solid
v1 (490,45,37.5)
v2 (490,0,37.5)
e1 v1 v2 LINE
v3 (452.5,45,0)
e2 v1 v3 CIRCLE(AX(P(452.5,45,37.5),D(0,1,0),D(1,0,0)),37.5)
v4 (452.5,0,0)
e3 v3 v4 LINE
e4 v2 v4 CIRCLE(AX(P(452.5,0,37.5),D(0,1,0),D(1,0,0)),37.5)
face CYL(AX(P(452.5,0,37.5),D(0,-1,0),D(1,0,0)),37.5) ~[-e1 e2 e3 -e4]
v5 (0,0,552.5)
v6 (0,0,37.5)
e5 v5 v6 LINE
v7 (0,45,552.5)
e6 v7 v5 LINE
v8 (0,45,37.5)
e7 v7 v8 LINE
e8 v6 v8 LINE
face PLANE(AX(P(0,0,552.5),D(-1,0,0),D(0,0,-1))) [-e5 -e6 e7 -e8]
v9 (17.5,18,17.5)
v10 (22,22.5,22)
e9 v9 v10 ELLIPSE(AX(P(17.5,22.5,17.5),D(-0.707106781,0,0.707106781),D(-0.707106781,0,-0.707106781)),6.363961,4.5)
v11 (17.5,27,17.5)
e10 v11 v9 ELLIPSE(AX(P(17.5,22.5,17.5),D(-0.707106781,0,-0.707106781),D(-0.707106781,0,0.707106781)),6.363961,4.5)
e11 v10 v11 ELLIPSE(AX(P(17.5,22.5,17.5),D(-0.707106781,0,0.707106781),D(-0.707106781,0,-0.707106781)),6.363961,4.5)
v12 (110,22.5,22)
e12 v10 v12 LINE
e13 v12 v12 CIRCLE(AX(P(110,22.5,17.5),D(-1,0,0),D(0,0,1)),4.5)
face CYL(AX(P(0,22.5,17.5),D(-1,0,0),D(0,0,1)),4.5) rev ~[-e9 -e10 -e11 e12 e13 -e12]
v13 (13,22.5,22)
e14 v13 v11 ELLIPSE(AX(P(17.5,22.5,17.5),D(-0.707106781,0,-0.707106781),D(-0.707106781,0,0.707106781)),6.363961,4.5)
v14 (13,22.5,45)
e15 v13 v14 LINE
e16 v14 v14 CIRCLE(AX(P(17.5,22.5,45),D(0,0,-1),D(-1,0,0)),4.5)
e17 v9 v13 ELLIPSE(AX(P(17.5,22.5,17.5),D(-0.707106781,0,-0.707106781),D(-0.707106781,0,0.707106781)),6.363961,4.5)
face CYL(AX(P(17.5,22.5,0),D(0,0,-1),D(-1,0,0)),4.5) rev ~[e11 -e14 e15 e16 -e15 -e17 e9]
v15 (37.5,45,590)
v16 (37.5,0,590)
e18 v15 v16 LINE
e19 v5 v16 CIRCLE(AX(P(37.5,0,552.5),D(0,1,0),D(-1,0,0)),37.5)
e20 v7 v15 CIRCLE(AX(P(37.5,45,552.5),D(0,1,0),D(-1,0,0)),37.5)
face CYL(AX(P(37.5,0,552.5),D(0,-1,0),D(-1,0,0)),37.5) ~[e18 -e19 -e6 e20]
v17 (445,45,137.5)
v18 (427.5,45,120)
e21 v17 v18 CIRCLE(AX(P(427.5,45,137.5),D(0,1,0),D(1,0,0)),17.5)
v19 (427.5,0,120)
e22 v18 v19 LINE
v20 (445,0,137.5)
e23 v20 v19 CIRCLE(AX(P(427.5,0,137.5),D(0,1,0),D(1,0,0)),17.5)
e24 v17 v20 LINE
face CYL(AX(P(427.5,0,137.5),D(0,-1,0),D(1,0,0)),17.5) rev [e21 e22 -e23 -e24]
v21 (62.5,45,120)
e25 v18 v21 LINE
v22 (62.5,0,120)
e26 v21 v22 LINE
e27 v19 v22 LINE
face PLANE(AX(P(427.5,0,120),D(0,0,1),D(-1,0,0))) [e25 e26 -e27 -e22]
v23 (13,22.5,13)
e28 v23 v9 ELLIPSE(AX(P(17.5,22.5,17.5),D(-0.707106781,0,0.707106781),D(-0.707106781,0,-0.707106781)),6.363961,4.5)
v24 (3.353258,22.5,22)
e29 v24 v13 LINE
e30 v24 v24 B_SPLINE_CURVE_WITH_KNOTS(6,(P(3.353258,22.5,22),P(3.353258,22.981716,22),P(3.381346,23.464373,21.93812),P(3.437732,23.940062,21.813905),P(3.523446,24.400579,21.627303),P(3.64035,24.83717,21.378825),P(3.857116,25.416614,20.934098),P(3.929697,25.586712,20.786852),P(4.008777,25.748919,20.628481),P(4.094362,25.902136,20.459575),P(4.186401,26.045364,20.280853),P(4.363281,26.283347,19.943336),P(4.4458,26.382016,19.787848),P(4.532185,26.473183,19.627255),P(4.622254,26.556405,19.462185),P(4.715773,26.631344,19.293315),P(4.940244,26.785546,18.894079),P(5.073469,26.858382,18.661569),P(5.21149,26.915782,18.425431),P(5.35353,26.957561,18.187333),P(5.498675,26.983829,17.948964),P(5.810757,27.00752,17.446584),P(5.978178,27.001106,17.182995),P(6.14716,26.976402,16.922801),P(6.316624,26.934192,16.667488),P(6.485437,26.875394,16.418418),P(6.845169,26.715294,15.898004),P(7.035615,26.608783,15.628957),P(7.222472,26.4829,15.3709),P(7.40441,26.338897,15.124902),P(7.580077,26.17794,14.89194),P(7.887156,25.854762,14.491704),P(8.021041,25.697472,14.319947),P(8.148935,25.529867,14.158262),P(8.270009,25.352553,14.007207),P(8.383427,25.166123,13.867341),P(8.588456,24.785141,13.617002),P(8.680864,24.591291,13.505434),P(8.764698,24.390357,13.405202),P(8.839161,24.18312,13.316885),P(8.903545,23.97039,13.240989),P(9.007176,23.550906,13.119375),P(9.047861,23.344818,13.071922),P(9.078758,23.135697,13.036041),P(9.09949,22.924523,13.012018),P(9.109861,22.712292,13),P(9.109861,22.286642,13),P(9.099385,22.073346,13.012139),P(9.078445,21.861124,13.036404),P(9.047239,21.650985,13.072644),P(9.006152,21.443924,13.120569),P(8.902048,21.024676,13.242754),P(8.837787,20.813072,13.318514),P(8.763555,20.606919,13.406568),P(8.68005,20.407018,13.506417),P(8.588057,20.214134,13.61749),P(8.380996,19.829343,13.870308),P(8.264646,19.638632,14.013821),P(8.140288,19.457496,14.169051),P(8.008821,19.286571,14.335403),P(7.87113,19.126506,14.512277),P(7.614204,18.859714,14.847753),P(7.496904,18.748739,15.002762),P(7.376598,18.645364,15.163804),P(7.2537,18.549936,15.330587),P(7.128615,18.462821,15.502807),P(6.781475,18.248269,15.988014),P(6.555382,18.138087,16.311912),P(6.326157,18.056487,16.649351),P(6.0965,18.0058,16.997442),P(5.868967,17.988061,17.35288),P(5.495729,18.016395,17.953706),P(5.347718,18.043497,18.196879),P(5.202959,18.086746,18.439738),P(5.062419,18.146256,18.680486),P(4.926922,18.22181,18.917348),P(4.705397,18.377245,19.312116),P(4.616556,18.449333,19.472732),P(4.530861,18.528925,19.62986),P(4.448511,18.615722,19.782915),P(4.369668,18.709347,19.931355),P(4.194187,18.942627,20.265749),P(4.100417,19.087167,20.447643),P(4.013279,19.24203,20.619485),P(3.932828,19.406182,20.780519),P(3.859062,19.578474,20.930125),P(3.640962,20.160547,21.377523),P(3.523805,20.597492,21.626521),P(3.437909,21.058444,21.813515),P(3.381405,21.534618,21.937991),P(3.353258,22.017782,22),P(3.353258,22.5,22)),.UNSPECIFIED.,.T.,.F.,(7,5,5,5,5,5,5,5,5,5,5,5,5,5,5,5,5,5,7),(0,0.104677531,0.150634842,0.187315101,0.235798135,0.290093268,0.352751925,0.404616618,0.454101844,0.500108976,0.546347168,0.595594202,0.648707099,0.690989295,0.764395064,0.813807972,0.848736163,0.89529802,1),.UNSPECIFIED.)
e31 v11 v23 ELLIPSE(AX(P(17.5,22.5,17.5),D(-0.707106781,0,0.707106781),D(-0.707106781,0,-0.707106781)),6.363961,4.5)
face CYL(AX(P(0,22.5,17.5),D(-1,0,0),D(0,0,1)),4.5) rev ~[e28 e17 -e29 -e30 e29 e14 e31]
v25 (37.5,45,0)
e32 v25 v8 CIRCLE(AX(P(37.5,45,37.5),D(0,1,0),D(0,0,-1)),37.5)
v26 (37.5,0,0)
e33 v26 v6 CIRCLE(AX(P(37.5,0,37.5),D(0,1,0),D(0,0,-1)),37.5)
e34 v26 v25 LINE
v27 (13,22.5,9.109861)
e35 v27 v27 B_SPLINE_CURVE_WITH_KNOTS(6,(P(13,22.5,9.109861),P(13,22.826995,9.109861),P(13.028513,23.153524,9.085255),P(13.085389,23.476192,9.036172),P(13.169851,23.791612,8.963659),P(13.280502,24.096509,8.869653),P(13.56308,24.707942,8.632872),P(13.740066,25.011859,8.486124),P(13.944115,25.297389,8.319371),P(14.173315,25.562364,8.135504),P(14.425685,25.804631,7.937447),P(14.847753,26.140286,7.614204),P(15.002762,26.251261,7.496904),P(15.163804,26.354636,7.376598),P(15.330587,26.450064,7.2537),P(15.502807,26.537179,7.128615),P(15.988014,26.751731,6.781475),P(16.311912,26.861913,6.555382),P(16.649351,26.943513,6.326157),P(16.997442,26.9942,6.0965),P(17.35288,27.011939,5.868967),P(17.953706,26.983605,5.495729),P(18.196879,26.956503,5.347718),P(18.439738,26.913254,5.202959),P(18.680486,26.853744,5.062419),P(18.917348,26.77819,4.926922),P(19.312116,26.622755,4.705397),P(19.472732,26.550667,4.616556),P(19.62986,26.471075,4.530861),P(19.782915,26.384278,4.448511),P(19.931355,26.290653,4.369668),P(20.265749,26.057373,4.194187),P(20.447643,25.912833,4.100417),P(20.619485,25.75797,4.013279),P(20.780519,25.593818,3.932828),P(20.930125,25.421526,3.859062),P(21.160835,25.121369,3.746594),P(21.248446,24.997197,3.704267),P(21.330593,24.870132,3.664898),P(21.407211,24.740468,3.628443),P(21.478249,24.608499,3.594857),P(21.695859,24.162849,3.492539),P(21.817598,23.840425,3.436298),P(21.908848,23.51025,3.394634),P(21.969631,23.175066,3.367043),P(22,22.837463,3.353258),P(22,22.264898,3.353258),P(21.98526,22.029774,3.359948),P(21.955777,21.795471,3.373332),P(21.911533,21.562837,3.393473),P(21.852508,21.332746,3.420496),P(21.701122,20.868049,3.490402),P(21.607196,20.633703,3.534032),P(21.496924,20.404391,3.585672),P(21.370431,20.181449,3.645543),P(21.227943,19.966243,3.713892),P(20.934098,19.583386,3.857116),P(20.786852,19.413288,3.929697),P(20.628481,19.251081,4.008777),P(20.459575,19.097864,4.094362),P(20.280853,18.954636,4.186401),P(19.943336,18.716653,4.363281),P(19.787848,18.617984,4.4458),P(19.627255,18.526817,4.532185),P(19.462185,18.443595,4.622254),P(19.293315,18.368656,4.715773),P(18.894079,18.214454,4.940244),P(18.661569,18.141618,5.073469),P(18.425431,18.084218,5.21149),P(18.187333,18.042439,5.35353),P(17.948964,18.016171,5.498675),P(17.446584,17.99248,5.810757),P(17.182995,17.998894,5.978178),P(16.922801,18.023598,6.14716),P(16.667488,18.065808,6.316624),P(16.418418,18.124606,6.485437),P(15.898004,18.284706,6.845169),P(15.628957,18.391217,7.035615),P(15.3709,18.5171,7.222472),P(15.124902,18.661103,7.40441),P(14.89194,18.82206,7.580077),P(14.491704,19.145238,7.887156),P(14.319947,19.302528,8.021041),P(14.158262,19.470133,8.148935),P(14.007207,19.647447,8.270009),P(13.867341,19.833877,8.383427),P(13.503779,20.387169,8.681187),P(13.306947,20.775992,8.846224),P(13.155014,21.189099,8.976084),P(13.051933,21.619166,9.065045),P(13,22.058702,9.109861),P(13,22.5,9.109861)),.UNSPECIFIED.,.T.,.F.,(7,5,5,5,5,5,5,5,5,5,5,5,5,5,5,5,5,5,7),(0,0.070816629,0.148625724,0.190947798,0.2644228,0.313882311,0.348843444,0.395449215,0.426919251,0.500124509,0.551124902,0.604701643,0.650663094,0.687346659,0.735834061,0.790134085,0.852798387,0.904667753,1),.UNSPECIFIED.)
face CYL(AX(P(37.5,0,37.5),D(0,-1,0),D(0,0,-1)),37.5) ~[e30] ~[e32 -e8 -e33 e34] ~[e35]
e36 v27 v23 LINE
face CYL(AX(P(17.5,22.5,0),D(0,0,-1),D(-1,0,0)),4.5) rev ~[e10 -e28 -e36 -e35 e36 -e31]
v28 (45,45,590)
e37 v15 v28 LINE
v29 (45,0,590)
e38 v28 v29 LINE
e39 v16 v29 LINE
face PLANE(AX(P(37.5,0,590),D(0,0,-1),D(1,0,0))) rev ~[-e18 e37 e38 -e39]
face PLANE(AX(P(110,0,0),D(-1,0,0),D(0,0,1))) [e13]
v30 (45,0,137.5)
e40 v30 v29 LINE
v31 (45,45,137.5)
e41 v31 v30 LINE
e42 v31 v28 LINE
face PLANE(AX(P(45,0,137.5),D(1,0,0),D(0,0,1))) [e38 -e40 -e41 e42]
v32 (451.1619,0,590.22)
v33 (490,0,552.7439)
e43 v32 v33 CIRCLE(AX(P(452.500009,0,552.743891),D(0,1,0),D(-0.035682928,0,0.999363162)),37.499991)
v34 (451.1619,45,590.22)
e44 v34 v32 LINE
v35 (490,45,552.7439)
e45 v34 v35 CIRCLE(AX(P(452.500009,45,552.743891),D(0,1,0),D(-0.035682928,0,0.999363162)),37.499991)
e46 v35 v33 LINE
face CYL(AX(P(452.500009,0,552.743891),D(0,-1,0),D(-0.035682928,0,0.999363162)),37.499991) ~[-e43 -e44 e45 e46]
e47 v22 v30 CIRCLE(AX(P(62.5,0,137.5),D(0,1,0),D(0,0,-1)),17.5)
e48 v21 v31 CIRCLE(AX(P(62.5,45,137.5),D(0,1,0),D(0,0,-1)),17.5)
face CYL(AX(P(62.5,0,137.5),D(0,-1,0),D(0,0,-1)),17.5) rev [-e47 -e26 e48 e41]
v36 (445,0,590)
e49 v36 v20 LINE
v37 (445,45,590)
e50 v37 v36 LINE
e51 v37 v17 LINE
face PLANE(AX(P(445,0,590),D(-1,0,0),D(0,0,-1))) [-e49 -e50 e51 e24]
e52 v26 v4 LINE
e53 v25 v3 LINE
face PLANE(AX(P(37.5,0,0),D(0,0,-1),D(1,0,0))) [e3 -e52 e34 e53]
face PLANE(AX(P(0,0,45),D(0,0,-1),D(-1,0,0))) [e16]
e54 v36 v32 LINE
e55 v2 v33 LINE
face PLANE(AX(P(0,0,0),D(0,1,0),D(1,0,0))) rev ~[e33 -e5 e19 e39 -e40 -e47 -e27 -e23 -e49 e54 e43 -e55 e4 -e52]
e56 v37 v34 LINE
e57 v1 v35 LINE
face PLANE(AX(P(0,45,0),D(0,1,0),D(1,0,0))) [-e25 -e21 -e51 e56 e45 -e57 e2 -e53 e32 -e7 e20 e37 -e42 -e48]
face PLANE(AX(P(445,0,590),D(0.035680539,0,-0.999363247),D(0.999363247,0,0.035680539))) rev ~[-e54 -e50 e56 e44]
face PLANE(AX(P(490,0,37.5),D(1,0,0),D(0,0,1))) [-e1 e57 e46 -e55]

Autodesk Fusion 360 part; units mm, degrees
sketch "Sketch1" plane through (0, 0, 0) normal (0, 1, 0) x (1, 0, 0)
  line L0 (-207.5, 295) -> (207.5, 295)
  line L1 (245, 257.5) -> (245, -257.5)
  line L2 (-245, -257.5) -> (-245, 257.5)
  arc A0 (-207.5, 295) -> (-245, 257.5) centre (-207.5, 257.5) ccw
  arc A1 (245, 257.5) -> (207.5, 295) centre (207.5, 257.5) ccw
  arc A2 (207.5, -295) -> (245, -257.5) centre (207.5, -257.5) ccw
  arc A3 (-245, -257.5) -> (-207.5, -295) centre (-207.5, -257.5) ccw
  line L3 (-207.5, -295) -> (207.5, -295)
  line L4 (-207.5, 257.5) -> (207.5, -257.5) construction
  line L5 (-207.5, -257.5) -> (207.5, 257.5) construction
  point P0 (-245, 295)
  point P1 (245, 295)
  point P2 (-245, -523.5619)
  dimension "d2" = 490
  dimension "d6" = 37.5
  dimension "d10" = 590
extrude "Extrude1" add sketch "Sketch1" along normal blind 4
equation "d2 = 400 mm + 45 mm + 45 mm"
equation "d10 = 500.00 mm + 45 mm + 45 mm"

Autodesk Fusion 360 part; units mm, degrees
sketch "Sketch1" plane through (0, 0, 0) normal (0, 1, 0) x (1, 0, 0)
  line L0 (0, 0) -> (35, 0)
  line L1 (35, 0) -> (0, -35)
  line L2 (0, -35) -> (0, 0)
  dimension "d1" = 35
  dimension "d2" = 35
extrude "Extrude1" add sketch "Sketch1" along normal blind 45
sketch "Sketch2" plane through (0, 0, 0) normal (-1, 0, 0) x (0, 0, 1)
  line L0 (0, 0) -> (35, 0)
  line L1 (35, 0) -> (35, 45)
  line L2 (35, 45) -> (0, 45)
  line L3 (0, 45) -> (0, 0)
  line L4 (0, 45) -> (35, 0) construction
  circle A0 centre (17.5, 22.5) radius 4.5
  dimension "d5" = 9
extrude "Extrude2" cut sketch "Sketch2" against normal blind 110 contours A0
sketch "Sketch3" plane through (0, 0, 0) normal (0, 0, -1) x (-1, 0, 0)
  line L0 (-35, 0) -> (0, 0)
  line L1 (0, 0) -> (0, 45)
  line L2 (0, 45) -> (-35, 45)
  line L3 (-35, 45) -> (-35, 0)
  line L4 (0, 45) -> (-35, 0) construction
  circle A0 centre (-17.5, 22.5) radius 4.5
  point P0 (0, 22.5)
  dimension "d8" = 9
extrude "Extrude3" cut sketch "Sketch3" against normal blind 45 contours A0
sketch "Sketch4" plane through (0, 0, 0) normal (0, 0, -1) x (-1, 0, 0)
  circle A0 centre (-17.5, 22.5) radius 4.5
  line L0 (-35, 0) -> (0, 0)
  line L1 (0, 0) -> (0, 45)
  line L2 (0, 45) -> (-35, 45)
  line L3 (-35, 45) -> (-35, 0)
  point P0 (0, 22.5)

Autodesk Fusion 360 part; units mm, degrees
sketch "Sketch1" plane through (0, 0, 0) normal (0, 1, 0) x (1, 0, 0)
  line L0 (37.5, 0) -> (452.5, 0)
  line L1 (490, -37.5) -> (490, -552.7439)
  line L2 (0, -552.5) -> (0, -37.5)
  line L3 (445, -590) -> (445, -137.5)
  line L4 (427.5, -120) -> (62.5, -120)
  line L5 (45, -137.5) -> (45, -590)
  arc A0 (37.5, 0) -> (0, -37.5) centre (37.5, -37.5) ccw
  arc A1 (490, -37.5) -> (452.5, 0) centre (452.5, -37.5) ccw
  arc A2 (451.1619, -590.22) -> (490, -552.7439) centre (452.5, -552.7439) ccw
  arc A3 (0, -552.5) -> (37.5, -590) centre (37.5, -552.5) ccw
  arc A4 (62.5, -120) -> (45, -137.5) centre (62.5, -137.5) ccw
  arc A5 (445, -137.5) -> (427.5, -120) centre (427.5, -137.5) ccw
  line L6 (445, -590) -> (451.1619, -590.22)
  line L7 (37.5, -590) -> (45, -590)
  point P0 (490, 0)
  dimension "d1" = 45
  dimension "width" = 490
  dimension "d4" = 45
  dimension "d5" = 120
  dimension "d6" = 37.5
  dimension "d9" = 17.5
  dimension "length" = 590
  dimension "d11" = 590
extrude "Extrude1" add sketch "Sketch1" along normal blind 4
ref_plane "WorkPlane1" through (245, 0, 0) normal (1, 0, 0) x (0, 1, 0)
equation "width = 400 mm + 45 mm + 45 mm"
equation "length = 500.00 mm + 45 mm + 45 mm"
equation "d11 = length"
equation "d12 = width / 2"
